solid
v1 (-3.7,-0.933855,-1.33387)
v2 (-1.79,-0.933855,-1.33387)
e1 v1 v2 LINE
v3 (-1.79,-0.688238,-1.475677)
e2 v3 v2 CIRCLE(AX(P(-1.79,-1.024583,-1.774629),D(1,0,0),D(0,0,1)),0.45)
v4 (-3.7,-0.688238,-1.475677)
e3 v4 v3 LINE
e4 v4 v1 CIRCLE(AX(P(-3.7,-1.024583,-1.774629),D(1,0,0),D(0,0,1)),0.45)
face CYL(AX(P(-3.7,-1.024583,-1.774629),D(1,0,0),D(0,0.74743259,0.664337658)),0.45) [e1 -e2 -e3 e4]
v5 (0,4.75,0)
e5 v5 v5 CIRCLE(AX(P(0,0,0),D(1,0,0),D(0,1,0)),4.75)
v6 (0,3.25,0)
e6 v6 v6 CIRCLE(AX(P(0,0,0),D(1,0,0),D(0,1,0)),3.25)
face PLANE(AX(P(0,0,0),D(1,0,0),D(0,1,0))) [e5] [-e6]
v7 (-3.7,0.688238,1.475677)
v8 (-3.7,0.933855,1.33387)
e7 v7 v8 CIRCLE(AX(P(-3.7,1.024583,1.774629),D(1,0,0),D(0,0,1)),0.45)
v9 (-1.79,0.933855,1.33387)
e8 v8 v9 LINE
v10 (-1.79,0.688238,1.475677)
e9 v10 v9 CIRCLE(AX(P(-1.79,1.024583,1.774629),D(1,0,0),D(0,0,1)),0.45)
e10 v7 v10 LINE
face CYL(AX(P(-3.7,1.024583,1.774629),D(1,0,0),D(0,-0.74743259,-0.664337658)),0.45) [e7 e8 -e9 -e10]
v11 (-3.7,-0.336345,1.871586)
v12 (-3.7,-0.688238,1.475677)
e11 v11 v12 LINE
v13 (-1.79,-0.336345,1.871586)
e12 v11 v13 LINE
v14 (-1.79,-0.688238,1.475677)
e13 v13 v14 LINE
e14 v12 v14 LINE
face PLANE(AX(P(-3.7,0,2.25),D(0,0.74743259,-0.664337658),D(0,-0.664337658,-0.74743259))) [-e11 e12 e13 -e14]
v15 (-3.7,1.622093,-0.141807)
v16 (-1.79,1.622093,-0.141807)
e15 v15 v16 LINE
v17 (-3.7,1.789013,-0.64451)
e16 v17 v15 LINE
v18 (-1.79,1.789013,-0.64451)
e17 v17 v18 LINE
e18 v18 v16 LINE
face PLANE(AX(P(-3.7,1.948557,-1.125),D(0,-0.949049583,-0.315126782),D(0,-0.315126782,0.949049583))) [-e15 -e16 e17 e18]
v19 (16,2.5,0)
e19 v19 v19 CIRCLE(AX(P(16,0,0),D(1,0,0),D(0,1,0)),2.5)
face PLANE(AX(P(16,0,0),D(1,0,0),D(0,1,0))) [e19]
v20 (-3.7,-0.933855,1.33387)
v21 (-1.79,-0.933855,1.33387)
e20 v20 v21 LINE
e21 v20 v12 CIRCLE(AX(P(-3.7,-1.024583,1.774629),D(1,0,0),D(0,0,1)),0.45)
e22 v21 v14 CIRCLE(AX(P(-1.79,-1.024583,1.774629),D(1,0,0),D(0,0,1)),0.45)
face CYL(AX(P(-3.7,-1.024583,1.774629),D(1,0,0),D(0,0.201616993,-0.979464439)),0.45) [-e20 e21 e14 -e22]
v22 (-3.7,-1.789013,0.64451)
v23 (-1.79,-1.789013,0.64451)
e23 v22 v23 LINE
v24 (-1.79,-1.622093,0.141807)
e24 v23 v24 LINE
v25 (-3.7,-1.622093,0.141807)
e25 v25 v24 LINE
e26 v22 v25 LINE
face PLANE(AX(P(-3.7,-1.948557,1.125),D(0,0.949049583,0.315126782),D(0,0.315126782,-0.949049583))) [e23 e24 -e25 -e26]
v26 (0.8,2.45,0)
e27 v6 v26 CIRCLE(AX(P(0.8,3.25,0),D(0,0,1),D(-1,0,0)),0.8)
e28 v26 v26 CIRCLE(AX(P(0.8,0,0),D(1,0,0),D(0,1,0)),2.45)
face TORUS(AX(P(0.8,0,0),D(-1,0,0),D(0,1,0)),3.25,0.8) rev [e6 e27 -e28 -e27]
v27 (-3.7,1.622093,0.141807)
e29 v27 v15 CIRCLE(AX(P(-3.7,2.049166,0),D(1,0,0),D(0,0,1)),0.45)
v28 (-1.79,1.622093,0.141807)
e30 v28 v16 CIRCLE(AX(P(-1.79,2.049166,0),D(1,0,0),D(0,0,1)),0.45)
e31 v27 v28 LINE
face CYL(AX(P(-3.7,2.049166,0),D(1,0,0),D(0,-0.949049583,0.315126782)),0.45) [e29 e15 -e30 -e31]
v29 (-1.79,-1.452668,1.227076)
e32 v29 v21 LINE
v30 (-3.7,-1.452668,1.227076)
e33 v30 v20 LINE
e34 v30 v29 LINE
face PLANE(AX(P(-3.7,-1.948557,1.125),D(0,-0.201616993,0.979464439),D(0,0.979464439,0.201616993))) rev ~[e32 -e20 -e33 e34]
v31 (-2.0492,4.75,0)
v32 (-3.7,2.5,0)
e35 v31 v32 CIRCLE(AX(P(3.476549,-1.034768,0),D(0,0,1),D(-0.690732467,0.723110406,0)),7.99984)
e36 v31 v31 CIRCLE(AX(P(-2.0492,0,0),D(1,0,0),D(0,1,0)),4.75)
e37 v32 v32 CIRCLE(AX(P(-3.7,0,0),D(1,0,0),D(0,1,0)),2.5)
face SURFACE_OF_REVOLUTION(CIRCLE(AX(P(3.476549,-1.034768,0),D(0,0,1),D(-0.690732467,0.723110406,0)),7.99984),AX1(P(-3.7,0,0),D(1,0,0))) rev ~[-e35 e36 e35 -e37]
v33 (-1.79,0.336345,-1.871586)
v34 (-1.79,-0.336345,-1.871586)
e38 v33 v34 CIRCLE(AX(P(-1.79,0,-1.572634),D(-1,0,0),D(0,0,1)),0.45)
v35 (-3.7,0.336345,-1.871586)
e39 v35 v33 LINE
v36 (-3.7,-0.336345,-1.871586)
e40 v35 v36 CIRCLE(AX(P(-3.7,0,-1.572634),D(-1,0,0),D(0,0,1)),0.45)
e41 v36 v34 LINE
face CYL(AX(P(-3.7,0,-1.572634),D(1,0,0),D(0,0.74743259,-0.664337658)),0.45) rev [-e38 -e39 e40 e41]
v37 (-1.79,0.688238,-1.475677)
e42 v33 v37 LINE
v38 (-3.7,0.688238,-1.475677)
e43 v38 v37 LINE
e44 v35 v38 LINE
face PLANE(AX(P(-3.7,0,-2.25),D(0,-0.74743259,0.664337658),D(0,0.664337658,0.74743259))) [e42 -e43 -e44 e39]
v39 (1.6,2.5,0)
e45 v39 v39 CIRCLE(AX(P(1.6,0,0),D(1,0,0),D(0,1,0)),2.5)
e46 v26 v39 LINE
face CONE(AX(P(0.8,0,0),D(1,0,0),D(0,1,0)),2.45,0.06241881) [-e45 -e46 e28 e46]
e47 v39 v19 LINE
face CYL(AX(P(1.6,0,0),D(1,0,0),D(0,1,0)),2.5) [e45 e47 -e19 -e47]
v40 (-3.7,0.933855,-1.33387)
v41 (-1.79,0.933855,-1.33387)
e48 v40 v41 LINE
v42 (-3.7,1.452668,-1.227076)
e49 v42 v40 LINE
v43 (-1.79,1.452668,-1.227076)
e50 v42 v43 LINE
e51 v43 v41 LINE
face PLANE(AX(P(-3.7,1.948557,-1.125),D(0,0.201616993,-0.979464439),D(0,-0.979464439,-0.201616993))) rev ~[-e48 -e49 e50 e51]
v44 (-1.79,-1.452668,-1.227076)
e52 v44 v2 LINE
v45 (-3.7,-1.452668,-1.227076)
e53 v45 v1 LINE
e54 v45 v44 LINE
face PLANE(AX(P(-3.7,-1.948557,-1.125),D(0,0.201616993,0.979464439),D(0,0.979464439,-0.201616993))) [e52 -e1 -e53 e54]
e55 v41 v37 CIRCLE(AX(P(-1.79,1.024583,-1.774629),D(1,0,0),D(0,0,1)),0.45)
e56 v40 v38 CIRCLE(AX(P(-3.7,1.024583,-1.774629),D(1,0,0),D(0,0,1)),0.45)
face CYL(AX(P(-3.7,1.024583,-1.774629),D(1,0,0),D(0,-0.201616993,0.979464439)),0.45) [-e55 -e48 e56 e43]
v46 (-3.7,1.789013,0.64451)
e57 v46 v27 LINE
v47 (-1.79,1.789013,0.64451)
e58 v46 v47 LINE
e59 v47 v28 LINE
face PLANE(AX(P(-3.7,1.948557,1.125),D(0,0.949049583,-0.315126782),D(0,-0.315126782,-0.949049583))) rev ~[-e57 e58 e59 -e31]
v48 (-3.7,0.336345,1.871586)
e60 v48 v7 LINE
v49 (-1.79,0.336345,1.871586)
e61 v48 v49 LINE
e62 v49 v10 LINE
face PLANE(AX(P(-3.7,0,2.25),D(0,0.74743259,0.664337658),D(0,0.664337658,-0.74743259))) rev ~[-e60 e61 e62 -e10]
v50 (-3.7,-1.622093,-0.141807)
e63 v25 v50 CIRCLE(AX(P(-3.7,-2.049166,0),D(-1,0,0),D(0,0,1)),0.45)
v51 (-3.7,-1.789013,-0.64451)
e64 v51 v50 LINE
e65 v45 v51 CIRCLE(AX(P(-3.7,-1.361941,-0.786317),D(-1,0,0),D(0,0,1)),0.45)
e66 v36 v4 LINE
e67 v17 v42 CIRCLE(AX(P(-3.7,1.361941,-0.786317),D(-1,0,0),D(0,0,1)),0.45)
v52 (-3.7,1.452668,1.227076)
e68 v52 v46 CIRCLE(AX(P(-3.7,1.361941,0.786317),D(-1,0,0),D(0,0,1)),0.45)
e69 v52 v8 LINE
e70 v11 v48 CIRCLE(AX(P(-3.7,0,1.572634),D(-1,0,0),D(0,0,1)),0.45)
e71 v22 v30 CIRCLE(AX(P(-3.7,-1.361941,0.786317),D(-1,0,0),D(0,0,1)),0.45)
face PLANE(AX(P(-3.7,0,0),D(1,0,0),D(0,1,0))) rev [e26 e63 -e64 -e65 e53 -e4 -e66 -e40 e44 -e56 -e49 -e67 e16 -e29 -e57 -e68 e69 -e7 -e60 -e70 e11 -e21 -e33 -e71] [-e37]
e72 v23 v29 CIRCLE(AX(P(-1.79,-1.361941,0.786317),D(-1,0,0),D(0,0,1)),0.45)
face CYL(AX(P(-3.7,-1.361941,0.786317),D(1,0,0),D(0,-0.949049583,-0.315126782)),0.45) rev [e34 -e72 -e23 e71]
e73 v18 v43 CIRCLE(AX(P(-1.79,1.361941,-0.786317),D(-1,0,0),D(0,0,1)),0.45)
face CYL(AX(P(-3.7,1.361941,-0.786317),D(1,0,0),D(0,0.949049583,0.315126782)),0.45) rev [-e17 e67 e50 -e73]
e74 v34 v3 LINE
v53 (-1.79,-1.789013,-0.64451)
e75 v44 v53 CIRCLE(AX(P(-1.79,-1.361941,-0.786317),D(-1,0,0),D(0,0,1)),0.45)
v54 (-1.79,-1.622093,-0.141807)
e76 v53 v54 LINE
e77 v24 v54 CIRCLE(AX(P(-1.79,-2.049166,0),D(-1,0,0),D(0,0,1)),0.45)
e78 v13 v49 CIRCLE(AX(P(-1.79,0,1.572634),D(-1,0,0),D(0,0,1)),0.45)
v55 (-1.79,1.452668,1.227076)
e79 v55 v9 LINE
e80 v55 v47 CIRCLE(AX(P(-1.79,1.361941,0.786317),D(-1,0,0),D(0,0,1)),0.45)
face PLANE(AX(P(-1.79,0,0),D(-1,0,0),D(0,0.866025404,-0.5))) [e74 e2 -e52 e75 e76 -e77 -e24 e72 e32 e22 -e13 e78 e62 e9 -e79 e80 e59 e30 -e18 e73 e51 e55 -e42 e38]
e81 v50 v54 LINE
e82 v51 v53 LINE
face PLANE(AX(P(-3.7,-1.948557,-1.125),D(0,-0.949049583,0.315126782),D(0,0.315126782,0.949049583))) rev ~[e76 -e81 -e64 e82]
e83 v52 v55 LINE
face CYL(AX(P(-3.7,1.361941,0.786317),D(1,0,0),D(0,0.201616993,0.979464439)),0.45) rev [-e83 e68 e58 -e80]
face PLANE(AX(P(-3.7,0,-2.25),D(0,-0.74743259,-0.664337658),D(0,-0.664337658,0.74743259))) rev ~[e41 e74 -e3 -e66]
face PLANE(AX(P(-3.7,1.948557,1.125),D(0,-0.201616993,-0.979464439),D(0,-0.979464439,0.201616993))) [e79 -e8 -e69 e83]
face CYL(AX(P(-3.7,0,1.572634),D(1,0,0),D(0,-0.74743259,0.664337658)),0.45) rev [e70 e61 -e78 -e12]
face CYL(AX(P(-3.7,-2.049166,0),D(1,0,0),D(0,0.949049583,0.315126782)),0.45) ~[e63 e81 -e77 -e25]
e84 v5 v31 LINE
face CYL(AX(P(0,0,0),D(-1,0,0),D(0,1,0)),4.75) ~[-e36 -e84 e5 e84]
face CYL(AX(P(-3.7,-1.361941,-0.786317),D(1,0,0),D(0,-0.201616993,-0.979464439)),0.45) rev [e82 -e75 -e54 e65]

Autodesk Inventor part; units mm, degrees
ref_plane "YZ Plane" through (0, 0, 0) normal (1, 0, 0) x (0, 1, 0)
ref_plane "XZ Plane" through (0, 0, 0) normal (0, 1, 0) x (-1, 0, 0)
ref_plane "XY Plane" through (0, 0, 0) normal (0, 0, 1) x (1, 0, 0)
sketch "Sketch4" plane through (0, 0, 0) normal (0, 0, 1) x (1, 0, 0)
  line L0 (-3.7, 0) -> (16, 0)
  line L1 (0, 0) -> (-3.7, 0)
  line L2 (0, 4.75) -> (0, 3.25)
  line L3 (0.8, 2.45) -> (0.8, 2.45)
  line L4 (0.8, 2.45) -> (1.6, 2.5)
  arc A0 (0, 3.25) -> (0.8, 2.45) centre (0.8, 3.25) ccw
  line L5 (-3.7, 0) -> (-3.7, 2.5)
  line L6 (0, 4.75) -> (-2.0492, 4.75)
  arc A1 (-2.0492, 4.75) -> (-3.7, 2.5) centre (3.4767, -1.0349) ccw
  line L7 (1.6, 2.5) -> (16, 2.5)
  line L8 (16, 2.5) -> (16, 0)
  point P0 (0, 2.45)
  dimension "d71" = 0.8
  dimension "d72" = 16
  dimension "d74" = 0.8
  dimension "d75" = 4.9
  dimension "d78" = 5
  dimension "d82" = 8
  dimension "d83" = 3.7
  dimension "d84" = 9.5
  dimension "d104" = 14.4
  dimension "d105" = 5
revolve "Revolution7" add sketch "Sketch4" angle 360 about axis through (-3.7, 0, 0) along (1, 0, 0)
sketch "Sketch5" plane through (-3.7, 0, 0) normal (-1, 0, 0) x (0, 0, 1)
  circle A0 centre (0, 0) radius 2.25 construction
  circle A1 centre (0, 0) radius 1.575 construction
  line L0 (0, 0) -> (-1.364, 0.7875)
  line L1 (0, 0) -> (-1.364, -0.7875)
  line L2 (-1.8008, 0) -> (1.7887, 0)
  line L3 (-2.25, 0) -> (-1.364, -0.7875)
  line L4 (-2.25, 0) -> (-1.364, 0.7875)
  dimension "d88" = 4.5
  dimension "d89" = 3.15
  dimension "d90" = 30
  dimension "d91" = 30
extrude "Extrusion1" cut sketch "Sketch5" against normal blind 1.91
pattern_circular "Circular Pattern1" count 6 over 360 about axis through (-10, 0, 0) along (1, 0, 0) of "Extrusion1"
fillet "Fillet1" radius 0.45 12 edges at (-2.745, -1.9486, -1.125) (-2.745, -0.7875, -1.364) (-2.745, -1.575, 0) (-2.745, -1.9486, 1.125) (-2.745, -0.7875, 1.364) (-2.745, 0, 2.25) (-2.745, 1.575, 0) (-2.745, 1.9486, 1.125) (-2.745, 0.7875, 1.364) (-2.745, 0.7875, -1.364) (-2.745, 0, -2.25) (-2.745, 1.9486, -1.125)
thread "Thread7" size "M5x0.8" class "6g" standard "ISO Metric profile" length 14.4
properties part number "Винты со звездообразным углублением в плоско-выпуклой головке ISO 14583 — M5 x 16 — 4.8" material "Сталь"
